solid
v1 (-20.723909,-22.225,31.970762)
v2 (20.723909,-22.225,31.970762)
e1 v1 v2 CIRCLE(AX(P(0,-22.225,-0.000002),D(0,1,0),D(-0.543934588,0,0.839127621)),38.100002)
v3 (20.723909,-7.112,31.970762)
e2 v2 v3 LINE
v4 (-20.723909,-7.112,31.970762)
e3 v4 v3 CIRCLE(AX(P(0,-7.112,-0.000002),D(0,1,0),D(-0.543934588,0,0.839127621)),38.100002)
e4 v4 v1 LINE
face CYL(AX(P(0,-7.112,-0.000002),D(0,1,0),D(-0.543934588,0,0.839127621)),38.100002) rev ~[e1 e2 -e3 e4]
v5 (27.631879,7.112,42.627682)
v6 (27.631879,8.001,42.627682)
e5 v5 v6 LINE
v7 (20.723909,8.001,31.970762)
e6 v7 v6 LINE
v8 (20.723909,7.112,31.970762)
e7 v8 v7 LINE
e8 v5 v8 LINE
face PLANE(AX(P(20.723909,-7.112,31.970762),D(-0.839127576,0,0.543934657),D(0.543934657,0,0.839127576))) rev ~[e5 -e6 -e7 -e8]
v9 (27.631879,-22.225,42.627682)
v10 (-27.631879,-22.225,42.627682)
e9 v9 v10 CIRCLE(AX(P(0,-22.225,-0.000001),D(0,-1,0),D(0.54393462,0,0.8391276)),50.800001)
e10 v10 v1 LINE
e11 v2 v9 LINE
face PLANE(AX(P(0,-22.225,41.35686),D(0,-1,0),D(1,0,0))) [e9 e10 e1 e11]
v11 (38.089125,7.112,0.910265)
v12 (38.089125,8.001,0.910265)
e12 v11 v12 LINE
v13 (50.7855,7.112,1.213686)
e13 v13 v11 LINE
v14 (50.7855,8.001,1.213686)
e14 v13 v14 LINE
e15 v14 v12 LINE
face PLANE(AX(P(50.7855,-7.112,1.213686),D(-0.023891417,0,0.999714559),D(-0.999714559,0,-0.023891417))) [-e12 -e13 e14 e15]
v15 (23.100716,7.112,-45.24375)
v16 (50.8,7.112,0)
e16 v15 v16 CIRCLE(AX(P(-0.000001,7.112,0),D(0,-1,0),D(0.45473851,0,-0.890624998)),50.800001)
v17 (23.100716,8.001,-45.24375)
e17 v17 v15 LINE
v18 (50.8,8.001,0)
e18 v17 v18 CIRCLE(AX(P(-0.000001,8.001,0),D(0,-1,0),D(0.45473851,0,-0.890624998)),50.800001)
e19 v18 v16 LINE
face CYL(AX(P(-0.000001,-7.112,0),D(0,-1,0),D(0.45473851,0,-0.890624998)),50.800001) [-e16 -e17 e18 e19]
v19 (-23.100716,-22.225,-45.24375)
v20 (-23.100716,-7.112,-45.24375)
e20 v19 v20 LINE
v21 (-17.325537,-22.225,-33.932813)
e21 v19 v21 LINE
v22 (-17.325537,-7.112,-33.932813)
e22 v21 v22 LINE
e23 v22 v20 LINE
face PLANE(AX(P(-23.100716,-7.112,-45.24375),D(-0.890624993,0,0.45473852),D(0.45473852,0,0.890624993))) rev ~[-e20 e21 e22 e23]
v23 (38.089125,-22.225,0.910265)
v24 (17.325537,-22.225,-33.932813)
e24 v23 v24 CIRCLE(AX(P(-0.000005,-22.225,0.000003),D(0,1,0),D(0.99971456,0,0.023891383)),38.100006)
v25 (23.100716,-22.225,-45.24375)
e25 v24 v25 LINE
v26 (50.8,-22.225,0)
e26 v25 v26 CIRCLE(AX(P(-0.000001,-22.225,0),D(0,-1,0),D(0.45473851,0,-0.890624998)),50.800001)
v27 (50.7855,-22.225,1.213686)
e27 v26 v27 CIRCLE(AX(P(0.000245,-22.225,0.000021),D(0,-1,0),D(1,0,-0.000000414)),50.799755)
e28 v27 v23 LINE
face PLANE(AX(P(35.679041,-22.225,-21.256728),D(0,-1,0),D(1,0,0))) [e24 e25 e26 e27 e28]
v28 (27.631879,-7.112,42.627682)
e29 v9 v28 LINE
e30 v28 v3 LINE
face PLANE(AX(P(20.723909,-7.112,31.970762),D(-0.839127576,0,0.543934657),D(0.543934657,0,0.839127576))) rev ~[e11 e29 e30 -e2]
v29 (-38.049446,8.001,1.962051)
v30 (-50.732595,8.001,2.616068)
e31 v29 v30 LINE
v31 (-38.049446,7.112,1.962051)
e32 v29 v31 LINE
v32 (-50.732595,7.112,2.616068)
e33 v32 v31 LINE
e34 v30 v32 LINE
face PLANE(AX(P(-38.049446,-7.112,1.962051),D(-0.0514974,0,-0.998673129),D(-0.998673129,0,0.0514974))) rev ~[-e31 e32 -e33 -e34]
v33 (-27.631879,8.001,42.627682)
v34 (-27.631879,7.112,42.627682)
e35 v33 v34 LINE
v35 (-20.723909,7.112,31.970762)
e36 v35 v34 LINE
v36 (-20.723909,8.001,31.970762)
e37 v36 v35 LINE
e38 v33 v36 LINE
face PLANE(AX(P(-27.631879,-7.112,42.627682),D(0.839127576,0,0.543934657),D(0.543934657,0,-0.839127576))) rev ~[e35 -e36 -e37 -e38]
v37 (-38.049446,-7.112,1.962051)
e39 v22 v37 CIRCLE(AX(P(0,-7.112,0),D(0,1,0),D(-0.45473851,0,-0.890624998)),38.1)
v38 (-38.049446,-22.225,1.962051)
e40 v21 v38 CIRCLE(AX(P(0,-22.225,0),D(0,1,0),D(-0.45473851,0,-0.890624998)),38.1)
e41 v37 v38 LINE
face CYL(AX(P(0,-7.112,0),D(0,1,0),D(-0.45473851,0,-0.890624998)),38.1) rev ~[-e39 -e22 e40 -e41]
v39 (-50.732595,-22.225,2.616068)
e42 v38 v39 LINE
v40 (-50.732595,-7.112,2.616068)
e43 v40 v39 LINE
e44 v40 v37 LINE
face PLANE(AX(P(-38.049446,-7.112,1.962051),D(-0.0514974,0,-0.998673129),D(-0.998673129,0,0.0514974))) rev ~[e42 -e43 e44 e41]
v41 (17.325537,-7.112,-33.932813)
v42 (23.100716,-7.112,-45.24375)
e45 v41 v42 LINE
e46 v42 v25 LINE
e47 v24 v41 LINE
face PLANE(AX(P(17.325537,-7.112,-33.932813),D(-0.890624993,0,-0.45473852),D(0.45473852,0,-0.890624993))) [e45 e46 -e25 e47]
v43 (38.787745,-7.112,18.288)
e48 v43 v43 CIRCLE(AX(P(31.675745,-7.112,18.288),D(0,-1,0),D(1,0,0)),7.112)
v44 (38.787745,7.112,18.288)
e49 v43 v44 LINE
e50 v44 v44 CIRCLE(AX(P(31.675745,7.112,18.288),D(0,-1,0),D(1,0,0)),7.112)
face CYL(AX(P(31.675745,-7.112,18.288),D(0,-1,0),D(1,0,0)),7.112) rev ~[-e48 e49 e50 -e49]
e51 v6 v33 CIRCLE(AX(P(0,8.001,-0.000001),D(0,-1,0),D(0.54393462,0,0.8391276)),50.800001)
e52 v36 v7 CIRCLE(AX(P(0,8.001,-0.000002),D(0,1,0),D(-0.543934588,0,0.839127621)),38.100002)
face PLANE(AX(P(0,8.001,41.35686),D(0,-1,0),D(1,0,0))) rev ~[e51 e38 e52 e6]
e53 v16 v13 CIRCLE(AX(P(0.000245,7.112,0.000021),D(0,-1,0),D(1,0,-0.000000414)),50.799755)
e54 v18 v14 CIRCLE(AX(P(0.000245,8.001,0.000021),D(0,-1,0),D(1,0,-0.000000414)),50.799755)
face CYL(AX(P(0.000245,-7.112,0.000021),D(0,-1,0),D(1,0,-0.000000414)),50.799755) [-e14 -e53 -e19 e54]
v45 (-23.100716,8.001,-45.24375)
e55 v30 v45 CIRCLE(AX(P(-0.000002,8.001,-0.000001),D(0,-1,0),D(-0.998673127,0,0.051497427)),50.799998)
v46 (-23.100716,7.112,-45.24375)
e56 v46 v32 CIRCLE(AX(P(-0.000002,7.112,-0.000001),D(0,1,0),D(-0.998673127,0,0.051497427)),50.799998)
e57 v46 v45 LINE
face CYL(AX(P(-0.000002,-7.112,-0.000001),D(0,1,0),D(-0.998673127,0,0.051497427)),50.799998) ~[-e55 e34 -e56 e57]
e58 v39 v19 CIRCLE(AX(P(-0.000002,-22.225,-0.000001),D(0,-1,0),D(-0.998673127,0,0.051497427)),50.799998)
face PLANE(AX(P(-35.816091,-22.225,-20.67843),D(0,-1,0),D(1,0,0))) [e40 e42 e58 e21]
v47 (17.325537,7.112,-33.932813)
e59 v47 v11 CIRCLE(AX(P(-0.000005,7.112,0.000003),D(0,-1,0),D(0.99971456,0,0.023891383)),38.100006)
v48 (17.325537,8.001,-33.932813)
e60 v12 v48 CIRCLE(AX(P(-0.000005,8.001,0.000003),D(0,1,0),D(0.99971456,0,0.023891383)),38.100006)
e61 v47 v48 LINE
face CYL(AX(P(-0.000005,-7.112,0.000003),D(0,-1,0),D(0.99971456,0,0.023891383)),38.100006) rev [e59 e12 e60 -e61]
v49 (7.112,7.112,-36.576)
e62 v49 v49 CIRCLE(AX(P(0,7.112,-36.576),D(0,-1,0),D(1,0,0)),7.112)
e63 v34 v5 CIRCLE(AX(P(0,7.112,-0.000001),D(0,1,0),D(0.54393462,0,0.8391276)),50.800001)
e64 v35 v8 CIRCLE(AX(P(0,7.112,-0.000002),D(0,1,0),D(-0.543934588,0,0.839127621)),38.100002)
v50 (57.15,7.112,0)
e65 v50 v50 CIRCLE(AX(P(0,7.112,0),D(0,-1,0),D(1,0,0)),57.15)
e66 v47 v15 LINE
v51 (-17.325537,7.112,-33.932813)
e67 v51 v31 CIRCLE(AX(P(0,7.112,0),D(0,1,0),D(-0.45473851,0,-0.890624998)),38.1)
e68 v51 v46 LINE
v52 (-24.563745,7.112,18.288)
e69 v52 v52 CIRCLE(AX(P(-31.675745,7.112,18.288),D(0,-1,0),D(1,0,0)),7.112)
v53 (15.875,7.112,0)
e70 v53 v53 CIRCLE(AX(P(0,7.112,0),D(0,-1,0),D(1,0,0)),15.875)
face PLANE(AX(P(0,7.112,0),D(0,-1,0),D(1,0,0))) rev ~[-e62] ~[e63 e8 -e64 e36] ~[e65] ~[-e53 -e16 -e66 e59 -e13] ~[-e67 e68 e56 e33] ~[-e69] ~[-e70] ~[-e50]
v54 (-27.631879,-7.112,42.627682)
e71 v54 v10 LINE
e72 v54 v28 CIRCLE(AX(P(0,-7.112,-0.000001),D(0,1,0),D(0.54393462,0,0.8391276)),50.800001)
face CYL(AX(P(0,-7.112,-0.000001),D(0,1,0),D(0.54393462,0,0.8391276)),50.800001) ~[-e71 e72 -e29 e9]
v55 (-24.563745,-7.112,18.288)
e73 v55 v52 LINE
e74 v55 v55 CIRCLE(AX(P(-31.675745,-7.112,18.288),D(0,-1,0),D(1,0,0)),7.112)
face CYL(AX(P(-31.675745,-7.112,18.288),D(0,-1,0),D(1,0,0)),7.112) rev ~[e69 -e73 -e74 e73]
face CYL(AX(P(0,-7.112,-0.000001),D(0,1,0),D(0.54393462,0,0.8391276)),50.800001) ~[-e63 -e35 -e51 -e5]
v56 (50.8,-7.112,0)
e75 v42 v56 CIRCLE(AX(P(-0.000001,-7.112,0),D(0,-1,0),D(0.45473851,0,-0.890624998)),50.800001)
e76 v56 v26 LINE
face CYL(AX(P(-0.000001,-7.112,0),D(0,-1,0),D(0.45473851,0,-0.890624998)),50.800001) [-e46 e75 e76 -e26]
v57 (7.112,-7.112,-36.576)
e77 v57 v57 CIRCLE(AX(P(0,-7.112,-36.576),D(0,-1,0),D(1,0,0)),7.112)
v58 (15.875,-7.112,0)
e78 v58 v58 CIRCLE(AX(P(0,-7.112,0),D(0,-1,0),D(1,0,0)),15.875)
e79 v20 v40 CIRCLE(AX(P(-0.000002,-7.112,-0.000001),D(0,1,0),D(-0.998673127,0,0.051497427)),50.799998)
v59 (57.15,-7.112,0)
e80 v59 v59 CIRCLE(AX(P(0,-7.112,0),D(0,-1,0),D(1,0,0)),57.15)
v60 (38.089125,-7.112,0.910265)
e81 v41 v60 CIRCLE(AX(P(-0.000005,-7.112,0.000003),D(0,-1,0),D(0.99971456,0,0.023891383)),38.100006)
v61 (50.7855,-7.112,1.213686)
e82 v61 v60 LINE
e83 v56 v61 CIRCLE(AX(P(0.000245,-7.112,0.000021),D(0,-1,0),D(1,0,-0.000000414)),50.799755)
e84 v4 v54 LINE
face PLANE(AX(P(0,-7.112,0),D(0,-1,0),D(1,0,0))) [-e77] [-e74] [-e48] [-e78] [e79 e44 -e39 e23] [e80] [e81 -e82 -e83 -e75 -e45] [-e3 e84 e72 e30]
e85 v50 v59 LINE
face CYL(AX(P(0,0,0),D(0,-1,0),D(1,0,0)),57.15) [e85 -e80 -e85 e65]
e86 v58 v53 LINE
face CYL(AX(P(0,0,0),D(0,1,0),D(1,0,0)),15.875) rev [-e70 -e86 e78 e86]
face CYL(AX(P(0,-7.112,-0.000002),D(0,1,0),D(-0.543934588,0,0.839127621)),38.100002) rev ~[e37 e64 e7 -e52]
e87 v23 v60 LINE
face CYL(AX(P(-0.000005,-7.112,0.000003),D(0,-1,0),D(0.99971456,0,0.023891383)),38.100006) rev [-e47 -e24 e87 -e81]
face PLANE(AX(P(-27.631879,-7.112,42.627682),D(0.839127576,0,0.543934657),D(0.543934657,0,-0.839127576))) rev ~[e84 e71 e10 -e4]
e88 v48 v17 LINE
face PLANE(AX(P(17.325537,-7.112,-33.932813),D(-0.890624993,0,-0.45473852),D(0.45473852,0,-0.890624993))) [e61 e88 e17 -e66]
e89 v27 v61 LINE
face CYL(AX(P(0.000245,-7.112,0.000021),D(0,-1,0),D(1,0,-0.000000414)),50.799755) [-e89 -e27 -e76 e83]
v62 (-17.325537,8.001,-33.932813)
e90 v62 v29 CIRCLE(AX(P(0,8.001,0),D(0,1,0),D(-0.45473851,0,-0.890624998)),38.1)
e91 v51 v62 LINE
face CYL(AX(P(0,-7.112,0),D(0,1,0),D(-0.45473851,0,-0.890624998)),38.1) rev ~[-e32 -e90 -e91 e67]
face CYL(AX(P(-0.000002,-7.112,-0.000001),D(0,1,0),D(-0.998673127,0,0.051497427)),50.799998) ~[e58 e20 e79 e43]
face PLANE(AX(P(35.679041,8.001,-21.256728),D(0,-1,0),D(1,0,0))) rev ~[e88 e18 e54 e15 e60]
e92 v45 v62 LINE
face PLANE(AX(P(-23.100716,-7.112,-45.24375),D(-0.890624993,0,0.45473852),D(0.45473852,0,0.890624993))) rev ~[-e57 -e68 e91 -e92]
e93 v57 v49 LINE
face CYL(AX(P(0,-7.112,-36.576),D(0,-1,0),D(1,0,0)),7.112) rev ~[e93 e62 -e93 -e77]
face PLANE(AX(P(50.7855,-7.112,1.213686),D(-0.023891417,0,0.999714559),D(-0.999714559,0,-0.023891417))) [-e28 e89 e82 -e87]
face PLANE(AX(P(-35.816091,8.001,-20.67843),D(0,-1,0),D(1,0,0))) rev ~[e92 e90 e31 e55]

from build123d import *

# Parameters (mm, degrees)
F0_R     = 57.15
F0_R_2   = 15.875
F1_DEPTH = 7.112
F3_DEPTH = 15.113
F2_R     = 7.112
F4_DEPTH = 15.114


with BuildPart() as f1:
    # F0 (on Front) → F1 (new body, symmetric)
    with BuildSketch(Plane.XZ):
        Circle(F0_R)
        Circle(F0_R_2, mode=Mode.SUBTRACT)
    extrude(amount=F1_DEPTH, both=True)

    # F2 (on face) → F3 (join, symmetric)
    with BuildSketch(Plane.XZ.offset(7.112)):
        with BuildLine():
            ThreePointArc((-17.325537, -33.932813), (-32.995568, -19.05), (-38.049446, 1.962051))
            Line((-38.049446, 1.962051), (-50.732595, 2.616068))
            ThreePointArc((-50.732595, 2.616068), (-43.994091, -25.4), (-23.100716, -45.24375))
            Line((-23.100716, -45.24375), (-17.325537, -33.932813))
        make_face()
        with BuildLine():
            ThreePointArc((27.631879, 42.627682), (0, 50.8), (-27.631879, 42.627682))
            Line((-27.631879, 42.627682), (-20.723909, 31.970762))
            ThreePointArc((-20.723909, 31.970762), (0, 38.1), (20.723909, 31.970762))
            Line((20.723909, 31.970762), (27.631879, 42.627682))
        make_face()
        with BuildLine():
            Line((17.325537, -33.932813), (23.100716, -45.24375))
            ThreePointArc((23.100716, -45.24375), (43.32526, -26.52474), (50.8, 0))
            ThreePointArc((50.8, 0), (50.796375, 0.606886), (50.7855, 1.213686))
            Line((50.7855, 1.213686), (38.089125, 0.910265))
            ThreePointArc((38.089125, 0.910265), (32.729286, -19.503943), (17.325537, -33.932813))
        make_face()
    extrude(amount=F3_DEPTH, both=True)

    # F2 (on face) → F4 (cut, through all)
    with BuildSketch(Plane.XZ.offset(7.112)):
        with Locations((-31.675745, 18.288)):
            Circle(F2_R)
        with Locations((31.675745, 18.288)):
            Circle(F2_R)
        with Locations((0, -36.576)):
            Circle(F2_R)
    extrude(amount=-F4_DEPTH, mode=Mode.SUBTRACT)


solid = f1.part
